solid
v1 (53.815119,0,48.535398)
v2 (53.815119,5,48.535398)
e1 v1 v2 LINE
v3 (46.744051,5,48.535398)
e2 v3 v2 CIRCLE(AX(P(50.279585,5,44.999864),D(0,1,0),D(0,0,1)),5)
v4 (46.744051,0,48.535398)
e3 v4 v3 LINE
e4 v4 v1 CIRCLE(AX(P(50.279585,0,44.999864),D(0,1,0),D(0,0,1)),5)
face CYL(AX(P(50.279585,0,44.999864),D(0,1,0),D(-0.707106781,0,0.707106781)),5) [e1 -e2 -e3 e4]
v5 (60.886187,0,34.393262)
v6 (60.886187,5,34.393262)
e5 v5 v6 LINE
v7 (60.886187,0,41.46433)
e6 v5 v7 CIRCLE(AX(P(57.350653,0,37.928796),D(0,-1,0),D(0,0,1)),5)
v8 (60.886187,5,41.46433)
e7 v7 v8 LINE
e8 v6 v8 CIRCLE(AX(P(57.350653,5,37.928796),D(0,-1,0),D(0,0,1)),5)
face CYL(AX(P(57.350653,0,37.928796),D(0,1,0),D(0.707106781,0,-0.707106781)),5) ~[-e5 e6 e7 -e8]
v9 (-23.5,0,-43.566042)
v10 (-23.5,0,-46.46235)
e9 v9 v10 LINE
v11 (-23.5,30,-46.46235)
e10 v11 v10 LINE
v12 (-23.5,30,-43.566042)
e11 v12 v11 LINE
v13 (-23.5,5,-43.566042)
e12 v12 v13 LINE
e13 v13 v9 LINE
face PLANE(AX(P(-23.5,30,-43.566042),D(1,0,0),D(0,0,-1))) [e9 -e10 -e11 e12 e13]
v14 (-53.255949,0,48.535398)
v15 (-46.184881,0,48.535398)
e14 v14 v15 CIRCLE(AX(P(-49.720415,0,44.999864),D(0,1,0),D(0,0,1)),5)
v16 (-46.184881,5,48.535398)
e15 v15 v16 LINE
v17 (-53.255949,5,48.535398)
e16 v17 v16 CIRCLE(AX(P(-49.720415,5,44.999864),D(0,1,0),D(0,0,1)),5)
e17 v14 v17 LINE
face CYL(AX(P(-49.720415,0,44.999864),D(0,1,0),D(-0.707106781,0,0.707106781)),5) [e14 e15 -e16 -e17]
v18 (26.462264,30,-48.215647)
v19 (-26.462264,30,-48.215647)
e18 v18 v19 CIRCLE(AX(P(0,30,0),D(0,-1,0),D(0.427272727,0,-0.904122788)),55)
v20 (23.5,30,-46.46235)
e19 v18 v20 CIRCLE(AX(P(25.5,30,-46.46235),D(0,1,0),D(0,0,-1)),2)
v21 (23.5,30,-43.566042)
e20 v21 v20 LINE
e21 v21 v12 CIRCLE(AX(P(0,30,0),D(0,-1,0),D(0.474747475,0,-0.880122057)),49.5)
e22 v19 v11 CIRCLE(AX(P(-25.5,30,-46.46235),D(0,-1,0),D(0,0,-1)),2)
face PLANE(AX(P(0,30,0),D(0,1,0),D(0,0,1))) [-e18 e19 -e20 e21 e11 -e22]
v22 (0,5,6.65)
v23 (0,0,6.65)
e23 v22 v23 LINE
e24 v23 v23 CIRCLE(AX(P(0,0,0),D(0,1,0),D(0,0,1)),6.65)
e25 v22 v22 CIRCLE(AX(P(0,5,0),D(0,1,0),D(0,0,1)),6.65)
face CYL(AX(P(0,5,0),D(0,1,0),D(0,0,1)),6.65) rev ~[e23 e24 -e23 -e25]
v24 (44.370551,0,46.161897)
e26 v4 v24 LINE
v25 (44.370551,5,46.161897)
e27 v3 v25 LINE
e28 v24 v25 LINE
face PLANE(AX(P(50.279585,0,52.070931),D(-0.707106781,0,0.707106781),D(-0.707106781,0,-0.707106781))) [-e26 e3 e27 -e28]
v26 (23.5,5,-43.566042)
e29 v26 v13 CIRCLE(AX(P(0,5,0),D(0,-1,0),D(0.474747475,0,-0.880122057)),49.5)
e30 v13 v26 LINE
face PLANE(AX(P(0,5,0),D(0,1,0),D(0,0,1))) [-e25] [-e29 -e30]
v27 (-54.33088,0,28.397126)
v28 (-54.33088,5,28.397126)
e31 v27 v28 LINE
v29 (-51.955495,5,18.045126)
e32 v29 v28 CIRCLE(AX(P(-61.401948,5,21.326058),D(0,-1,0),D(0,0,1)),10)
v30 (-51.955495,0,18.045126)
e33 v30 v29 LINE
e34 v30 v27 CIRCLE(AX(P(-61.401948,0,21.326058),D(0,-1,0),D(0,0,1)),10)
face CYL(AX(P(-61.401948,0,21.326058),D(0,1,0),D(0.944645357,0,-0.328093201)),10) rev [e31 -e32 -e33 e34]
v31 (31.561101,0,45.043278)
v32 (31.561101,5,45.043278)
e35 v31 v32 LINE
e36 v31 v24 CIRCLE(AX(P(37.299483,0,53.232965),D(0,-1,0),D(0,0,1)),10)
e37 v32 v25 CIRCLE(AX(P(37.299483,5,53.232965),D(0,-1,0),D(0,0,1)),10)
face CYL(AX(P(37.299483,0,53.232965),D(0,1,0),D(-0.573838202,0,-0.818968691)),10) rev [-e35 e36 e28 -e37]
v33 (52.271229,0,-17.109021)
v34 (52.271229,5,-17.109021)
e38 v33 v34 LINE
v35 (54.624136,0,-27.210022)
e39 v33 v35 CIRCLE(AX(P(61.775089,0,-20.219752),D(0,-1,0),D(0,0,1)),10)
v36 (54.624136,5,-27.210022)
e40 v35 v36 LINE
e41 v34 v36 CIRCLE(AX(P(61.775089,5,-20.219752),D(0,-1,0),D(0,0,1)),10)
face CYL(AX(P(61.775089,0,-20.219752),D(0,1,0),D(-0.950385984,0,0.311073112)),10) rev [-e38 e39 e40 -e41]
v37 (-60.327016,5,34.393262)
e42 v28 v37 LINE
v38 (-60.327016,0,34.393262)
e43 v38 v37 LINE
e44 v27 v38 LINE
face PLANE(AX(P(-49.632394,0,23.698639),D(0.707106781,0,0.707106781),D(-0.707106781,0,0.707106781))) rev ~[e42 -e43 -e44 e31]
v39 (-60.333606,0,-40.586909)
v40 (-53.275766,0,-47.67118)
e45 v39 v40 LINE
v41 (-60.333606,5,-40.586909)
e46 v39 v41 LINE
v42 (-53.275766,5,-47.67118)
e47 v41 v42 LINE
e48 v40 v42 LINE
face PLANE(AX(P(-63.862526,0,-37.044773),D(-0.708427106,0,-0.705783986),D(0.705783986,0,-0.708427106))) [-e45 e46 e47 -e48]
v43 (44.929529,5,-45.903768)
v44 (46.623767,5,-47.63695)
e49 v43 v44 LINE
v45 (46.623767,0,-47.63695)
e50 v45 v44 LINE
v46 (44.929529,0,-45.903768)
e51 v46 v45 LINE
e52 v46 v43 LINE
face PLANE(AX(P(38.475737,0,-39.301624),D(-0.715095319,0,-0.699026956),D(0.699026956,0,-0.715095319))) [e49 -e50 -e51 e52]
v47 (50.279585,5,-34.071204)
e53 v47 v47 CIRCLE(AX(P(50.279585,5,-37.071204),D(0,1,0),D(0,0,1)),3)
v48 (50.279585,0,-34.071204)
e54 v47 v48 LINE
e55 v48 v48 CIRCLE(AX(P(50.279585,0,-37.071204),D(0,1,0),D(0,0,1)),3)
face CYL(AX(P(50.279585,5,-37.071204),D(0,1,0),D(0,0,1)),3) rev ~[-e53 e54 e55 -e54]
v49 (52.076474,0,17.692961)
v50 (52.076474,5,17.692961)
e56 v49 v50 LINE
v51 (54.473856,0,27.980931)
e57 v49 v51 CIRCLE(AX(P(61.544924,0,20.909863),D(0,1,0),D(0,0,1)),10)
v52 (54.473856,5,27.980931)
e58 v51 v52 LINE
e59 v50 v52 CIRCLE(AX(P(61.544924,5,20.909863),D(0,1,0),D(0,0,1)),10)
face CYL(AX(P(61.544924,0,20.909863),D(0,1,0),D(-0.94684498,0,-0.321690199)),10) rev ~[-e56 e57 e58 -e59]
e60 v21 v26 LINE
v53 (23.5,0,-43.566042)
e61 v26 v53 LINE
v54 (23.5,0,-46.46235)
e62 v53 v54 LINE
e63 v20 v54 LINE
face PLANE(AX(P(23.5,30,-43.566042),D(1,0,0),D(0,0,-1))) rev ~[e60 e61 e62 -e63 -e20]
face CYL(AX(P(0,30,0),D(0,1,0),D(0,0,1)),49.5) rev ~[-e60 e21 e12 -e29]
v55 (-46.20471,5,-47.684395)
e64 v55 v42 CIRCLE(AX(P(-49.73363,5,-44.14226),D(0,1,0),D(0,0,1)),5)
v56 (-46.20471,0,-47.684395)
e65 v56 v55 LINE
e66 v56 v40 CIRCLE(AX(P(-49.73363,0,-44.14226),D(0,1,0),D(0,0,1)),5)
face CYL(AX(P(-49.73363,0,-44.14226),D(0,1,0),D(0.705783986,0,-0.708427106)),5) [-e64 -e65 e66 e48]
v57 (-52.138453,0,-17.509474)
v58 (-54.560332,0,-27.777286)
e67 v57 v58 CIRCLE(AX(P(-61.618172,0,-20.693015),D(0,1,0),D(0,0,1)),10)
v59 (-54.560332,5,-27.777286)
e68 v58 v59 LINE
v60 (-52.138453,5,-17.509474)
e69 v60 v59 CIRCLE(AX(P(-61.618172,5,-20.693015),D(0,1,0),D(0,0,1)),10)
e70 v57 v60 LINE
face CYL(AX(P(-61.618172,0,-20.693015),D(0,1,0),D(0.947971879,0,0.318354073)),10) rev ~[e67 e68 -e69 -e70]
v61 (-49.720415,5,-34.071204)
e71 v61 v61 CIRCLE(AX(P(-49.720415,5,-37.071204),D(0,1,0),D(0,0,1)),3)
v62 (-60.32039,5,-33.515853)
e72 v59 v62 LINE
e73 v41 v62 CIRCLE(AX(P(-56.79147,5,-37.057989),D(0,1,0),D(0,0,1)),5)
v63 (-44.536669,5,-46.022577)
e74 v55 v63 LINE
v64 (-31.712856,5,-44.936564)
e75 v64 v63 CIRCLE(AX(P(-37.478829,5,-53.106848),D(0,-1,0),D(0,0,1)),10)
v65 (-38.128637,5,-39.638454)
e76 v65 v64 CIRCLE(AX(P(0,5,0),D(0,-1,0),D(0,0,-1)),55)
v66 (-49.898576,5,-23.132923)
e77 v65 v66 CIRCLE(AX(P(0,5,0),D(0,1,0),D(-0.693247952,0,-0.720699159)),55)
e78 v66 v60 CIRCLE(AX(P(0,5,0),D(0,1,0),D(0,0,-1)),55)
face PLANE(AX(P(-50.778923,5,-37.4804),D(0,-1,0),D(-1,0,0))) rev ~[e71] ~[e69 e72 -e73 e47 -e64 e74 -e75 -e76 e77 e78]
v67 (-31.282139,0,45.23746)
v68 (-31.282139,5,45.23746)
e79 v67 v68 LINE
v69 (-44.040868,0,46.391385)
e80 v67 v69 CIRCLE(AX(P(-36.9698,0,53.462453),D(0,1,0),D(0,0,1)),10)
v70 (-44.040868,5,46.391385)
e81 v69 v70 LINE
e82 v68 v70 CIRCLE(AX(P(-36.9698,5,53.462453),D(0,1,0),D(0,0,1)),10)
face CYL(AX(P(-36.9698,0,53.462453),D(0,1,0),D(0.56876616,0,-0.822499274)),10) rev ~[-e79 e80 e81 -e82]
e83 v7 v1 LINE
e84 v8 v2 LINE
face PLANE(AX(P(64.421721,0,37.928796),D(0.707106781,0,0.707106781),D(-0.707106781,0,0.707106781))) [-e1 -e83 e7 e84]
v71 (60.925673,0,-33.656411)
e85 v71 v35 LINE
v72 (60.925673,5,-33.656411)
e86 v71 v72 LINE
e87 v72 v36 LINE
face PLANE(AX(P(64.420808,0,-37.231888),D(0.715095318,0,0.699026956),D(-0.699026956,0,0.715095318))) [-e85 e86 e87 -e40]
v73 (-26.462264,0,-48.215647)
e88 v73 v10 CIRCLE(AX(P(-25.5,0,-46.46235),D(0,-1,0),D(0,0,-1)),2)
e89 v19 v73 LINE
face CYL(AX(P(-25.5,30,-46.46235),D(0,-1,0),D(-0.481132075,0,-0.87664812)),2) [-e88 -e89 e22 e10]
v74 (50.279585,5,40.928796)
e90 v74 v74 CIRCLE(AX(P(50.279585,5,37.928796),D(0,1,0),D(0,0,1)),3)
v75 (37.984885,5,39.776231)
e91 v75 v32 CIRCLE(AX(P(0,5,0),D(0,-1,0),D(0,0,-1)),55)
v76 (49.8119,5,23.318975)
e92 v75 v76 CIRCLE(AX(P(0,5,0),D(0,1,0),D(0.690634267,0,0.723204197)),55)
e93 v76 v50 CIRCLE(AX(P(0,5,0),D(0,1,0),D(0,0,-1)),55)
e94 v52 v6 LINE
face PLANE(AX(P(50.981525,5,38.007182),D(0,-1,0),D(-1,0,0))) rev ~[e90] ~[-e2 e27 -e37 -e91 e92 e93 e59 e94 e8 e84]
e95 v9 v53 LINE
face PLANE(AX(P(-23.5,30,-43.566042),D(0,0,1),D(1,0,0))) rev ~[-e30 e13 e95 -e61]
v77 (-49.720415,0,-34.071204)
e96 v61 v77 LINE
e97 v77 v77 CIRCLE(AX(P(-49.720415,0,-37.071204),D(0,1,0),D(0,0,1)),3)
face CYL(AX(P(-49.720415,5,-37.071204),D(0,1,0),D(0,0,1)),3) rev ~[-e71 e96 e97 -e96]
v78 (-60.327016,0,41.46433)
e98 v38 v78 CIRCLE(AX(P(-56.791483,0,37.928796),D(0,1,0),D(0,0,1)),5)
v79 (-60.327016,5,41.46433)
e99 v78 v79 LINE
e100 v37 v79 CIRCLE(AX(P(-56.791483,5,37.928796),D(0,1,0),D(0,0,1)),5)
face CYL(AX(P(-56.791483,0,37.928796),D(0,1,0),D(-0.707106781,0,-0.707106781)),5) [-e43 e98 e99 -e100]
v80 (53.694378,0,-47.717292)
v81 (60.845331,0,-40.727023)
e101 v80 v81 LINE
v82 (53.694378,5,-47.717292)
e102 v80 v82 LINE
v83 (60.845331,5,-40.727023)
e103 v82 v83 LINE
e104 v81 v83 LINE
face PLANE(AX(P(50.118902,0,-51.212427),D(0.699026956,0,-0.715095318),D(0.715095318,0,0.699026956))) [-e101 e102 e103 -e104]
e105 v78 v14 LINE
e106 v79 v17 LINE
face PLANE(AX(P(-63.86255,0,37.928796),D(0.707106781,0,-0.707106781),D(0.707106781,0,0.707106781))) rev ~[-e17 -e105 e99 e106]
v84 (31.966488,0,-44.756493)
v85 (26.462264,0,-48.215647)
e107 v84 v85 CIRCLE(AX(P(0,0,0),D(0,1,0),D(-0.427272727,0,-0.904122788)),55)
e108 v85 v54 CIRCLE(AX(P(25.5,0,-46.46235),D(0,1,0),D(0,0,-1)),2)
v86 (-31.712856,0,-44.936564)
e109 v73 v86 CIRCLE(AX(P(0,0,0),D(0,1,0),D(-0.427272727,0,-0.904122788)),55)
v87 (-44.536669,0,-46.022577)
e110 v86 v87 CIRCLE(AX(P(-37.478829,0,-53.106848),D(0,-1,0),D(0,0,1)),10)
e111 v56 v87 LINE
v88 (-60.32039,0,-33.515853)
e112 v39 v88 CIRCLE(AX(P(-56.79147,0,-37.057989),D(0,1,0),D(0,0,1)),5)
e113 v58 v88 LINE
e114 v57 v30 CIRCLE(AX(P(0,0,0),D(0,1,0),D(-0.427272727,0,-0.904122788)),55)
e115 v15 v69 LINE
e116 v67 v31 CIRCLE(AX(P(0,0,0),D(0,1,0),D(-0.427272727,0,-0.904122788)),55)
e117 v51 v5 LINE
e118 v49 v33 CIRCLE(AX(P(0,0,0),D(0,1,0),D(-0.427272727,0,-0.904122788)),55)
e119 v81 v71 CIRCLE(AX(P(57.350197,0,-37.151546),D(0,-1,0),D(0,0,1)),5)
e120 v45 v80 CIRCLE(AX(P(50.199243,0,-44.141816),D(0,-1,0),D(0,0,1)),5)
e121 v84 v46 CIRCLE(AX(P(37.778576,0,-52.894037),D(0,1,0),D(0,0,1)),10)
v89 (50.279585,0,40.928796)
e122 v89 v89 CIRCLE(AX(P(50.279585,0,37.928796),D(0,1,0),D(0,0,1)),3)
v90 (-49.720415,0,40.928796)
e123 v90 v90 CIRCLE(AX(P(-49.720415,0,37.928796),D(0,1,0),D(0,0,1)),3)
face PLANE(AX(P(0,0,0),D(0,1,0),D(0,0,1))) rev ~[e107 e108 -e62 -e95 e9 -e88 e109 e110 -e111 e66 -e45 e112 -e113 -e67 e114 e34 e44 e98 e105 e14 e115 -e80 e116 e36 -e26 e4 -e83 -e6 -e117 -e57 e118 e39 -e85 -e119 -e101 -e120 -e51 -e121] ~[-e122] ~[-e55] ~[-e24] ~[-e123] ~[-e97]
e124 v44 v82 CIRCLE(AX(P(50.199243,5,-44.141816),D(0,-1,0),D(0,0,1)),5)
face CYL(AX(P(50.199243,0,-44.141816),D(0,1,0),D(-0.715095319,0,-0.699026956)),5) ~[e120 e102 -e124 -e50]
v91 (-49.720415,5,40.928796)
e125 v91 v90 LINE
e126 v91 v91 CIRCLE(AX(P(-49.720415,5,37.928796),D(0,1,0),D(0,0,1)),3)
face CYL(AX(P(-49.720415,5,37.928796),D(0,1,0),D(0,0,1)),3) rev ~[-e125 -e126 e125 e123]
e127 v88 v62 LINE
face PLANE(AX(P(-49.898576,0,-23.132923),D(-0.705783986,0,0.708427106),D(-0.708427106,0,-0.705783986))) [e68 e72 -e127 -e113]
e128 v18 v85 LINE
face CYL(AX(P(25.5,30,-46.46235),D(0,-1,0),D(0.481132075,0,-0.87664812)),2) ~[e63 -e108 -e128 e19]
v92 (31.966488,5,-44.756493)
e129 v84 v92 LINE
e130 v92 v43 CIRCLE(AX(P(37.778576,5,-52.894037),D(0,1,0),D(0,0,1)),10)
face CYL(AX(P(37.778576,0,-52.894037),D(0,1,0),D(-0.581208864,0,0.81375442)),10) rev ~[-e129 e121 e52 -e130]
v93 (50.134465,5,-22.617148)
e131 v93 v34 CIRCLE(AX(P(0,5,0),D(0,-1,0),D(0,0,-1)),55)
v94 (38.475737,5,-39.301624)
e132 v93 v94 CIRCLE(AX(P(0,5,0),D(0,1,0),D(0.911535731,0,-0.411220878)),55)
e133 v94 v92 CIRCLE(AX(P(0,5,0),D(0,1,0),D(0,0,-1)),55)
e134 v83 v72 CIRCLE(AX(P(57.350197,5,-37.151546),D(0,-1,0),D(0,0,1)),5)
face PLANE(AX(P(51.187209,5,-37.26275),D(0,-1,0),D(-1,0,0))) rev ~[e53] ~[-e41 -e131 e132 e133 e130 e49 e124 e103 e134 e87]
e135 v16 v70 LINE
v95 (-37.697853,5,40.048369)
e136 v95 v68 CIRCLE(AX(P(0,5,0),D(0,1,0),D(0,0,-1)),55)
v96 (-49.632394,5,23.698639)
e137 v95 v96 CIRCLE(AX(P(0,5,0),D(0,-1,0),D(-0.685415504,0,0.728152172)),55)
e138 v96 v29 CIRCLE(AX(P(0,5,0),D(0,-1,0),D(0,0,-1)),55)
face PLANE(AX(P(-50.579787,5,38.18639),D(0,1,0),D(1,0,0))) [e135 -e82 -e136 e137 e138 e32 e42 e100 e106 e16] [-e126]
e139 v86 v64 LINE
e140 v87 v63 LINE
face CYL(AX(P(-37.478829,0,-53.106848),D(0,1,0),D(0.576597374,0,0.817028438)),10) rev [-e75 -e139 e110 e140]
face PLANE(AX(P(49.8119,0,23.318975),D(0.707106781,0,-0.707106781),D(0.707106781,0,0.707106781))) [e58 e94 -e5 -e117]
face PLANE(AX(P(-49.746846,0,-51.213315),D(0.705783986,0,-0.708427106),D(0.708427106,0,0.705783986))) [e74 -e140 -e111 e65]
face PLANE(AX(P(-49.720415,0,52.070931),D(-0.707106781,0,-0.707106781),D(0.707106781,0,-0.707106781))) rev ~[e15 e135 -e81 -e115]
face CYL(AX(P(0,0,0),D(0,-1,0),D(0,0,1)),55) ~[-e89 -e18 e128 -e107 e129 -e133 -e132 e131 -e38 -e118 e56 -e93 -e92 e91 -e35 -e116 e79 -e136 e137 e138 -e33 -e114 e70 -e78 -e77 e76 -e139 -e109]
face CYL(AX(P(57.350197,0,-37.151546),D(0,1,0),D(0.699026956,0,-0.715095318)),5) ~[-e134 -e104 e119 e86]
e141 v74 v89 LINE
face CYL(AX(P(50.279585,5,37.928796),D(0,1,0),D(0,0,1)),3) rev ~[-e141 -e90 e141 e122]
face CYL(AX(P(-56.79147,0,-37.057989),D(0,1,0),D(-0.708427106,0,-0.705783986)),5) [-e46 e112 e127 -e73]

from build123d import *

# Parameters (mm, degrees)
SKETCH_1_R          = 55
EXTRUDE_1_DEPTH     = 30
SKETCH_3_R          = 49.5
CUT_EXTRUDE_1_DEPTH = 25
SKETCH_5_W          = 47
SKETCH_5_H          = 12.24289715
CUT_EXTRUDE_2_DEPTH = 30
FILLET_4_R          = 2
FILLET_5_R          = 2
SKETCH_6_R          = 6.65
CUT_EXTRUDE_3_DEPTH = 12
EXTRUDE_START       = -5
EXTRUDE_3_DEPTH     = 5
FILLET_7_R          = 10
FILLET_8_R          = 5
SKETCH_10_R         = 3
CUT_EXTRUDE_5_DEPTH = 5


with BuildPart() as part:
    # 草图1 → 凸台-拉伸1 (new body)
    with BuildSketch(Plane(origin=(0, 0, 0), x_dir=(1, 0, 0), z_dir=(0, 1, 0))):
        with Locations(Location((0, 0, 0), (0, 0, 270))):
            Circle(SKETCH_1_R)
    extrude(amount=EXTRUDE_1_DEPTH)

    # 草图3 → 切除-拉伸1 (cut)
    with BuildSketch(Plane(origin=(0, 30, 0), x_dir=(1, 0, 0), z_dir=(0, 1, 0))):
        with Locations(Location((0, 0, 0), (0, 0, 270))):
            Circle(SKETCH_3_R)
    extrude(amount=-CUT_EXTRUDE_1_DEPTH, mode=Mode.SUBTRACT)

    # 草图5 → 切除-拉伸2 (cut)
    with BuildSketch(Plane(origin=(0, 30, 0), x_dir=(1, 0, 0), z_dir=(0, 1, 0))):
        with Locations((0, 49.687490397)):
            Rectangle(SKETCH_5_W, SKETCH_5_H)
    extrude(amount=-CUT_EXTRUDE_2_DEPTH, mode=Mode.SUBTRACT)

    # 圆角4
    fillet_4_edges = [part.edges().sort_by_distance(p)[0] for p in [
        (-23.5, 15, -49.726753363),
    ]]
    fillet(fillet_4_edges, radius=FILLET_4_R)

    # 圆角5
    fillet_5_edges = [part.edges().sort_by_distance(p)[0] for p in [
        (23.5, 15, -49.726753363),
    ]]
    fillet(fillet_5_edges, radius=FILLET_5_R)

    # 草图6 → 切除-拉伸3 (cut)
    with BuildSketch(Plane(origin=(0, 5, 0), x_dir=(1, 0, 0), z_dir=(0, 1, 0))):
        with Locations(Location((0, 0, 0), (0, 0, 270))):
            Circle(SKETCH_6_R)
    extrude(amount=-CUT_EXTRUDE_3_DEPTH, mode=Mode.SUBTRACT)

    # 草图14 → 凸台-拉伸3 (add)
    with BuildSketch(Plane(origin=(0, 5, 0), x_dir=(1, 0, 0), z_dir=(0, 1, 0)).offset(EXTRUDE_START)):
        with BuildLine():
            Line((-49.898576095, 23.132922507), (-63.862525635, 37.044772973))
            Line((-63.862525635, 37.044772973), (-49.746845912, 51.213315099))
            Line((-49.746845912, 51.213315099), (-38.128637352, 39.638453724))
            ThreePointArc((-38.128637352, 39.638453724), (-44.78063998, 31.932652301), (-49.898576095, 23.132922507))
        make_face()
        with BuildLine():
            Line((49.811900188, -23.3189751), (64.421720913, -37.928795825))
            Line((64.421720913, -37.928795825), (50.279585289, -52.070931449))
            Line((50.279585289, -52.070931449), (37.984884655, -39.776230814))
            ThreePointArc((37.984884655, -39.776230814), (44.662950793, -32.097053236), (49.811900188, -23.3189751))
        make_face()
        with BuildLine():
            Line((-49.632393674, -23.698639164), (-63.862550335, -37.928795825))
            Line((-63.862550335, -37.928795825), (-49.720414711, -52.070931449))
            Line((-49.720414711, -52.070931449), (-37.697852746, -40.048369484))
            ThreePointArc((-37.697852746, -40.048369484), (-44.423770724, -32.427281642), (-49.632393674, -23.698639164))
        make_face()
        with BuildLine():
            Line((38.475737251, 39.301623923), (50.118901666, 51.212426922))
            Line((50.118901666, 51.212426922), (64.420808036, 37.231887798))
            Line((64.420808036, 37.231887798), (50.134465219, 22.6171483))
            ThreePointArc((50.134465219, 22.6171483), (45.083643676, 31.50341367), (38.475737251, 39.301623923))
        make_face()
    extrude(amount=EXTRUDE_3_DEPTH)

    # 圆角7
    fillet_7_edges = [part.edges().sort_by_distance(p)[0] for p in [
        (-38.128637352, 2.5, -39.638453724),
        (-49.898576095, 2.5, -23.132922507),
        (-49.632393674, 2.5, 23.698639164),
        (-37.697852746, 2.5, 40.048369484),
        (50.134465219, 2.5, -22.6171483),
        (38.475737251, 2.5, -39.301623923),
        (37.984884655, 2.5, 39.776230814),
        (49.811900188, 2.5, 23.3189751),
    ]]
    fillet(fillet_7_edges, radius=FILLET_7_R)

    # 圆角8
    fillet_8_edges = [part.edges().sort_by_distance(p)[0] for p in [
        (-63.862525635, 2.5, -37.044772973),
        (-49.746845912, 2.5, -51.213315099),
        (-49.720414711, 2.5, 52.070931449),
        (-63.862550335, 2.5, 37.928795825),
        (50.118901666, 2.5, -51.212426922),
        (64.420808036, 2.5, -37.231887798),
        (50.279585289, 2.5, 52.070931449),
        (64.421720913, 2.5, 37.928795825),
    ]]
    fillet(fillet_8_edges, radius=FILLET_8_R)

    # 草图10 → 切除-拉伸5 (cut)
    with BuildSketch(Plane(origin=(0, 5, 0), x_dir=(1, 0, 0), z_dir=(0, 1, 0))):
        with Locations(Location((-49.720414711, 37.071204175, 0), (0, 0, 270))):
            Circle(SKETCH_10_R)
        with Locations(Location((50.279585289, 37.071204175, 0), (0, 0, 270))):
            Circle(SKETCH_10_R)
        with Locations(Location((-49.720414711, -37.928795825, 0), (0, 0, 270))):
            Circle(SKETCH_10_R)
        with Locations(Location((50.279585289, -37.928795825, 0), (0, 0, 270))):
            Circle(SKETCH_10_R)
    extrude(amount=-CUT_EXTRUDE_5_DEPTH, mode=Mode.SUBTRACT)


solid = part.part
